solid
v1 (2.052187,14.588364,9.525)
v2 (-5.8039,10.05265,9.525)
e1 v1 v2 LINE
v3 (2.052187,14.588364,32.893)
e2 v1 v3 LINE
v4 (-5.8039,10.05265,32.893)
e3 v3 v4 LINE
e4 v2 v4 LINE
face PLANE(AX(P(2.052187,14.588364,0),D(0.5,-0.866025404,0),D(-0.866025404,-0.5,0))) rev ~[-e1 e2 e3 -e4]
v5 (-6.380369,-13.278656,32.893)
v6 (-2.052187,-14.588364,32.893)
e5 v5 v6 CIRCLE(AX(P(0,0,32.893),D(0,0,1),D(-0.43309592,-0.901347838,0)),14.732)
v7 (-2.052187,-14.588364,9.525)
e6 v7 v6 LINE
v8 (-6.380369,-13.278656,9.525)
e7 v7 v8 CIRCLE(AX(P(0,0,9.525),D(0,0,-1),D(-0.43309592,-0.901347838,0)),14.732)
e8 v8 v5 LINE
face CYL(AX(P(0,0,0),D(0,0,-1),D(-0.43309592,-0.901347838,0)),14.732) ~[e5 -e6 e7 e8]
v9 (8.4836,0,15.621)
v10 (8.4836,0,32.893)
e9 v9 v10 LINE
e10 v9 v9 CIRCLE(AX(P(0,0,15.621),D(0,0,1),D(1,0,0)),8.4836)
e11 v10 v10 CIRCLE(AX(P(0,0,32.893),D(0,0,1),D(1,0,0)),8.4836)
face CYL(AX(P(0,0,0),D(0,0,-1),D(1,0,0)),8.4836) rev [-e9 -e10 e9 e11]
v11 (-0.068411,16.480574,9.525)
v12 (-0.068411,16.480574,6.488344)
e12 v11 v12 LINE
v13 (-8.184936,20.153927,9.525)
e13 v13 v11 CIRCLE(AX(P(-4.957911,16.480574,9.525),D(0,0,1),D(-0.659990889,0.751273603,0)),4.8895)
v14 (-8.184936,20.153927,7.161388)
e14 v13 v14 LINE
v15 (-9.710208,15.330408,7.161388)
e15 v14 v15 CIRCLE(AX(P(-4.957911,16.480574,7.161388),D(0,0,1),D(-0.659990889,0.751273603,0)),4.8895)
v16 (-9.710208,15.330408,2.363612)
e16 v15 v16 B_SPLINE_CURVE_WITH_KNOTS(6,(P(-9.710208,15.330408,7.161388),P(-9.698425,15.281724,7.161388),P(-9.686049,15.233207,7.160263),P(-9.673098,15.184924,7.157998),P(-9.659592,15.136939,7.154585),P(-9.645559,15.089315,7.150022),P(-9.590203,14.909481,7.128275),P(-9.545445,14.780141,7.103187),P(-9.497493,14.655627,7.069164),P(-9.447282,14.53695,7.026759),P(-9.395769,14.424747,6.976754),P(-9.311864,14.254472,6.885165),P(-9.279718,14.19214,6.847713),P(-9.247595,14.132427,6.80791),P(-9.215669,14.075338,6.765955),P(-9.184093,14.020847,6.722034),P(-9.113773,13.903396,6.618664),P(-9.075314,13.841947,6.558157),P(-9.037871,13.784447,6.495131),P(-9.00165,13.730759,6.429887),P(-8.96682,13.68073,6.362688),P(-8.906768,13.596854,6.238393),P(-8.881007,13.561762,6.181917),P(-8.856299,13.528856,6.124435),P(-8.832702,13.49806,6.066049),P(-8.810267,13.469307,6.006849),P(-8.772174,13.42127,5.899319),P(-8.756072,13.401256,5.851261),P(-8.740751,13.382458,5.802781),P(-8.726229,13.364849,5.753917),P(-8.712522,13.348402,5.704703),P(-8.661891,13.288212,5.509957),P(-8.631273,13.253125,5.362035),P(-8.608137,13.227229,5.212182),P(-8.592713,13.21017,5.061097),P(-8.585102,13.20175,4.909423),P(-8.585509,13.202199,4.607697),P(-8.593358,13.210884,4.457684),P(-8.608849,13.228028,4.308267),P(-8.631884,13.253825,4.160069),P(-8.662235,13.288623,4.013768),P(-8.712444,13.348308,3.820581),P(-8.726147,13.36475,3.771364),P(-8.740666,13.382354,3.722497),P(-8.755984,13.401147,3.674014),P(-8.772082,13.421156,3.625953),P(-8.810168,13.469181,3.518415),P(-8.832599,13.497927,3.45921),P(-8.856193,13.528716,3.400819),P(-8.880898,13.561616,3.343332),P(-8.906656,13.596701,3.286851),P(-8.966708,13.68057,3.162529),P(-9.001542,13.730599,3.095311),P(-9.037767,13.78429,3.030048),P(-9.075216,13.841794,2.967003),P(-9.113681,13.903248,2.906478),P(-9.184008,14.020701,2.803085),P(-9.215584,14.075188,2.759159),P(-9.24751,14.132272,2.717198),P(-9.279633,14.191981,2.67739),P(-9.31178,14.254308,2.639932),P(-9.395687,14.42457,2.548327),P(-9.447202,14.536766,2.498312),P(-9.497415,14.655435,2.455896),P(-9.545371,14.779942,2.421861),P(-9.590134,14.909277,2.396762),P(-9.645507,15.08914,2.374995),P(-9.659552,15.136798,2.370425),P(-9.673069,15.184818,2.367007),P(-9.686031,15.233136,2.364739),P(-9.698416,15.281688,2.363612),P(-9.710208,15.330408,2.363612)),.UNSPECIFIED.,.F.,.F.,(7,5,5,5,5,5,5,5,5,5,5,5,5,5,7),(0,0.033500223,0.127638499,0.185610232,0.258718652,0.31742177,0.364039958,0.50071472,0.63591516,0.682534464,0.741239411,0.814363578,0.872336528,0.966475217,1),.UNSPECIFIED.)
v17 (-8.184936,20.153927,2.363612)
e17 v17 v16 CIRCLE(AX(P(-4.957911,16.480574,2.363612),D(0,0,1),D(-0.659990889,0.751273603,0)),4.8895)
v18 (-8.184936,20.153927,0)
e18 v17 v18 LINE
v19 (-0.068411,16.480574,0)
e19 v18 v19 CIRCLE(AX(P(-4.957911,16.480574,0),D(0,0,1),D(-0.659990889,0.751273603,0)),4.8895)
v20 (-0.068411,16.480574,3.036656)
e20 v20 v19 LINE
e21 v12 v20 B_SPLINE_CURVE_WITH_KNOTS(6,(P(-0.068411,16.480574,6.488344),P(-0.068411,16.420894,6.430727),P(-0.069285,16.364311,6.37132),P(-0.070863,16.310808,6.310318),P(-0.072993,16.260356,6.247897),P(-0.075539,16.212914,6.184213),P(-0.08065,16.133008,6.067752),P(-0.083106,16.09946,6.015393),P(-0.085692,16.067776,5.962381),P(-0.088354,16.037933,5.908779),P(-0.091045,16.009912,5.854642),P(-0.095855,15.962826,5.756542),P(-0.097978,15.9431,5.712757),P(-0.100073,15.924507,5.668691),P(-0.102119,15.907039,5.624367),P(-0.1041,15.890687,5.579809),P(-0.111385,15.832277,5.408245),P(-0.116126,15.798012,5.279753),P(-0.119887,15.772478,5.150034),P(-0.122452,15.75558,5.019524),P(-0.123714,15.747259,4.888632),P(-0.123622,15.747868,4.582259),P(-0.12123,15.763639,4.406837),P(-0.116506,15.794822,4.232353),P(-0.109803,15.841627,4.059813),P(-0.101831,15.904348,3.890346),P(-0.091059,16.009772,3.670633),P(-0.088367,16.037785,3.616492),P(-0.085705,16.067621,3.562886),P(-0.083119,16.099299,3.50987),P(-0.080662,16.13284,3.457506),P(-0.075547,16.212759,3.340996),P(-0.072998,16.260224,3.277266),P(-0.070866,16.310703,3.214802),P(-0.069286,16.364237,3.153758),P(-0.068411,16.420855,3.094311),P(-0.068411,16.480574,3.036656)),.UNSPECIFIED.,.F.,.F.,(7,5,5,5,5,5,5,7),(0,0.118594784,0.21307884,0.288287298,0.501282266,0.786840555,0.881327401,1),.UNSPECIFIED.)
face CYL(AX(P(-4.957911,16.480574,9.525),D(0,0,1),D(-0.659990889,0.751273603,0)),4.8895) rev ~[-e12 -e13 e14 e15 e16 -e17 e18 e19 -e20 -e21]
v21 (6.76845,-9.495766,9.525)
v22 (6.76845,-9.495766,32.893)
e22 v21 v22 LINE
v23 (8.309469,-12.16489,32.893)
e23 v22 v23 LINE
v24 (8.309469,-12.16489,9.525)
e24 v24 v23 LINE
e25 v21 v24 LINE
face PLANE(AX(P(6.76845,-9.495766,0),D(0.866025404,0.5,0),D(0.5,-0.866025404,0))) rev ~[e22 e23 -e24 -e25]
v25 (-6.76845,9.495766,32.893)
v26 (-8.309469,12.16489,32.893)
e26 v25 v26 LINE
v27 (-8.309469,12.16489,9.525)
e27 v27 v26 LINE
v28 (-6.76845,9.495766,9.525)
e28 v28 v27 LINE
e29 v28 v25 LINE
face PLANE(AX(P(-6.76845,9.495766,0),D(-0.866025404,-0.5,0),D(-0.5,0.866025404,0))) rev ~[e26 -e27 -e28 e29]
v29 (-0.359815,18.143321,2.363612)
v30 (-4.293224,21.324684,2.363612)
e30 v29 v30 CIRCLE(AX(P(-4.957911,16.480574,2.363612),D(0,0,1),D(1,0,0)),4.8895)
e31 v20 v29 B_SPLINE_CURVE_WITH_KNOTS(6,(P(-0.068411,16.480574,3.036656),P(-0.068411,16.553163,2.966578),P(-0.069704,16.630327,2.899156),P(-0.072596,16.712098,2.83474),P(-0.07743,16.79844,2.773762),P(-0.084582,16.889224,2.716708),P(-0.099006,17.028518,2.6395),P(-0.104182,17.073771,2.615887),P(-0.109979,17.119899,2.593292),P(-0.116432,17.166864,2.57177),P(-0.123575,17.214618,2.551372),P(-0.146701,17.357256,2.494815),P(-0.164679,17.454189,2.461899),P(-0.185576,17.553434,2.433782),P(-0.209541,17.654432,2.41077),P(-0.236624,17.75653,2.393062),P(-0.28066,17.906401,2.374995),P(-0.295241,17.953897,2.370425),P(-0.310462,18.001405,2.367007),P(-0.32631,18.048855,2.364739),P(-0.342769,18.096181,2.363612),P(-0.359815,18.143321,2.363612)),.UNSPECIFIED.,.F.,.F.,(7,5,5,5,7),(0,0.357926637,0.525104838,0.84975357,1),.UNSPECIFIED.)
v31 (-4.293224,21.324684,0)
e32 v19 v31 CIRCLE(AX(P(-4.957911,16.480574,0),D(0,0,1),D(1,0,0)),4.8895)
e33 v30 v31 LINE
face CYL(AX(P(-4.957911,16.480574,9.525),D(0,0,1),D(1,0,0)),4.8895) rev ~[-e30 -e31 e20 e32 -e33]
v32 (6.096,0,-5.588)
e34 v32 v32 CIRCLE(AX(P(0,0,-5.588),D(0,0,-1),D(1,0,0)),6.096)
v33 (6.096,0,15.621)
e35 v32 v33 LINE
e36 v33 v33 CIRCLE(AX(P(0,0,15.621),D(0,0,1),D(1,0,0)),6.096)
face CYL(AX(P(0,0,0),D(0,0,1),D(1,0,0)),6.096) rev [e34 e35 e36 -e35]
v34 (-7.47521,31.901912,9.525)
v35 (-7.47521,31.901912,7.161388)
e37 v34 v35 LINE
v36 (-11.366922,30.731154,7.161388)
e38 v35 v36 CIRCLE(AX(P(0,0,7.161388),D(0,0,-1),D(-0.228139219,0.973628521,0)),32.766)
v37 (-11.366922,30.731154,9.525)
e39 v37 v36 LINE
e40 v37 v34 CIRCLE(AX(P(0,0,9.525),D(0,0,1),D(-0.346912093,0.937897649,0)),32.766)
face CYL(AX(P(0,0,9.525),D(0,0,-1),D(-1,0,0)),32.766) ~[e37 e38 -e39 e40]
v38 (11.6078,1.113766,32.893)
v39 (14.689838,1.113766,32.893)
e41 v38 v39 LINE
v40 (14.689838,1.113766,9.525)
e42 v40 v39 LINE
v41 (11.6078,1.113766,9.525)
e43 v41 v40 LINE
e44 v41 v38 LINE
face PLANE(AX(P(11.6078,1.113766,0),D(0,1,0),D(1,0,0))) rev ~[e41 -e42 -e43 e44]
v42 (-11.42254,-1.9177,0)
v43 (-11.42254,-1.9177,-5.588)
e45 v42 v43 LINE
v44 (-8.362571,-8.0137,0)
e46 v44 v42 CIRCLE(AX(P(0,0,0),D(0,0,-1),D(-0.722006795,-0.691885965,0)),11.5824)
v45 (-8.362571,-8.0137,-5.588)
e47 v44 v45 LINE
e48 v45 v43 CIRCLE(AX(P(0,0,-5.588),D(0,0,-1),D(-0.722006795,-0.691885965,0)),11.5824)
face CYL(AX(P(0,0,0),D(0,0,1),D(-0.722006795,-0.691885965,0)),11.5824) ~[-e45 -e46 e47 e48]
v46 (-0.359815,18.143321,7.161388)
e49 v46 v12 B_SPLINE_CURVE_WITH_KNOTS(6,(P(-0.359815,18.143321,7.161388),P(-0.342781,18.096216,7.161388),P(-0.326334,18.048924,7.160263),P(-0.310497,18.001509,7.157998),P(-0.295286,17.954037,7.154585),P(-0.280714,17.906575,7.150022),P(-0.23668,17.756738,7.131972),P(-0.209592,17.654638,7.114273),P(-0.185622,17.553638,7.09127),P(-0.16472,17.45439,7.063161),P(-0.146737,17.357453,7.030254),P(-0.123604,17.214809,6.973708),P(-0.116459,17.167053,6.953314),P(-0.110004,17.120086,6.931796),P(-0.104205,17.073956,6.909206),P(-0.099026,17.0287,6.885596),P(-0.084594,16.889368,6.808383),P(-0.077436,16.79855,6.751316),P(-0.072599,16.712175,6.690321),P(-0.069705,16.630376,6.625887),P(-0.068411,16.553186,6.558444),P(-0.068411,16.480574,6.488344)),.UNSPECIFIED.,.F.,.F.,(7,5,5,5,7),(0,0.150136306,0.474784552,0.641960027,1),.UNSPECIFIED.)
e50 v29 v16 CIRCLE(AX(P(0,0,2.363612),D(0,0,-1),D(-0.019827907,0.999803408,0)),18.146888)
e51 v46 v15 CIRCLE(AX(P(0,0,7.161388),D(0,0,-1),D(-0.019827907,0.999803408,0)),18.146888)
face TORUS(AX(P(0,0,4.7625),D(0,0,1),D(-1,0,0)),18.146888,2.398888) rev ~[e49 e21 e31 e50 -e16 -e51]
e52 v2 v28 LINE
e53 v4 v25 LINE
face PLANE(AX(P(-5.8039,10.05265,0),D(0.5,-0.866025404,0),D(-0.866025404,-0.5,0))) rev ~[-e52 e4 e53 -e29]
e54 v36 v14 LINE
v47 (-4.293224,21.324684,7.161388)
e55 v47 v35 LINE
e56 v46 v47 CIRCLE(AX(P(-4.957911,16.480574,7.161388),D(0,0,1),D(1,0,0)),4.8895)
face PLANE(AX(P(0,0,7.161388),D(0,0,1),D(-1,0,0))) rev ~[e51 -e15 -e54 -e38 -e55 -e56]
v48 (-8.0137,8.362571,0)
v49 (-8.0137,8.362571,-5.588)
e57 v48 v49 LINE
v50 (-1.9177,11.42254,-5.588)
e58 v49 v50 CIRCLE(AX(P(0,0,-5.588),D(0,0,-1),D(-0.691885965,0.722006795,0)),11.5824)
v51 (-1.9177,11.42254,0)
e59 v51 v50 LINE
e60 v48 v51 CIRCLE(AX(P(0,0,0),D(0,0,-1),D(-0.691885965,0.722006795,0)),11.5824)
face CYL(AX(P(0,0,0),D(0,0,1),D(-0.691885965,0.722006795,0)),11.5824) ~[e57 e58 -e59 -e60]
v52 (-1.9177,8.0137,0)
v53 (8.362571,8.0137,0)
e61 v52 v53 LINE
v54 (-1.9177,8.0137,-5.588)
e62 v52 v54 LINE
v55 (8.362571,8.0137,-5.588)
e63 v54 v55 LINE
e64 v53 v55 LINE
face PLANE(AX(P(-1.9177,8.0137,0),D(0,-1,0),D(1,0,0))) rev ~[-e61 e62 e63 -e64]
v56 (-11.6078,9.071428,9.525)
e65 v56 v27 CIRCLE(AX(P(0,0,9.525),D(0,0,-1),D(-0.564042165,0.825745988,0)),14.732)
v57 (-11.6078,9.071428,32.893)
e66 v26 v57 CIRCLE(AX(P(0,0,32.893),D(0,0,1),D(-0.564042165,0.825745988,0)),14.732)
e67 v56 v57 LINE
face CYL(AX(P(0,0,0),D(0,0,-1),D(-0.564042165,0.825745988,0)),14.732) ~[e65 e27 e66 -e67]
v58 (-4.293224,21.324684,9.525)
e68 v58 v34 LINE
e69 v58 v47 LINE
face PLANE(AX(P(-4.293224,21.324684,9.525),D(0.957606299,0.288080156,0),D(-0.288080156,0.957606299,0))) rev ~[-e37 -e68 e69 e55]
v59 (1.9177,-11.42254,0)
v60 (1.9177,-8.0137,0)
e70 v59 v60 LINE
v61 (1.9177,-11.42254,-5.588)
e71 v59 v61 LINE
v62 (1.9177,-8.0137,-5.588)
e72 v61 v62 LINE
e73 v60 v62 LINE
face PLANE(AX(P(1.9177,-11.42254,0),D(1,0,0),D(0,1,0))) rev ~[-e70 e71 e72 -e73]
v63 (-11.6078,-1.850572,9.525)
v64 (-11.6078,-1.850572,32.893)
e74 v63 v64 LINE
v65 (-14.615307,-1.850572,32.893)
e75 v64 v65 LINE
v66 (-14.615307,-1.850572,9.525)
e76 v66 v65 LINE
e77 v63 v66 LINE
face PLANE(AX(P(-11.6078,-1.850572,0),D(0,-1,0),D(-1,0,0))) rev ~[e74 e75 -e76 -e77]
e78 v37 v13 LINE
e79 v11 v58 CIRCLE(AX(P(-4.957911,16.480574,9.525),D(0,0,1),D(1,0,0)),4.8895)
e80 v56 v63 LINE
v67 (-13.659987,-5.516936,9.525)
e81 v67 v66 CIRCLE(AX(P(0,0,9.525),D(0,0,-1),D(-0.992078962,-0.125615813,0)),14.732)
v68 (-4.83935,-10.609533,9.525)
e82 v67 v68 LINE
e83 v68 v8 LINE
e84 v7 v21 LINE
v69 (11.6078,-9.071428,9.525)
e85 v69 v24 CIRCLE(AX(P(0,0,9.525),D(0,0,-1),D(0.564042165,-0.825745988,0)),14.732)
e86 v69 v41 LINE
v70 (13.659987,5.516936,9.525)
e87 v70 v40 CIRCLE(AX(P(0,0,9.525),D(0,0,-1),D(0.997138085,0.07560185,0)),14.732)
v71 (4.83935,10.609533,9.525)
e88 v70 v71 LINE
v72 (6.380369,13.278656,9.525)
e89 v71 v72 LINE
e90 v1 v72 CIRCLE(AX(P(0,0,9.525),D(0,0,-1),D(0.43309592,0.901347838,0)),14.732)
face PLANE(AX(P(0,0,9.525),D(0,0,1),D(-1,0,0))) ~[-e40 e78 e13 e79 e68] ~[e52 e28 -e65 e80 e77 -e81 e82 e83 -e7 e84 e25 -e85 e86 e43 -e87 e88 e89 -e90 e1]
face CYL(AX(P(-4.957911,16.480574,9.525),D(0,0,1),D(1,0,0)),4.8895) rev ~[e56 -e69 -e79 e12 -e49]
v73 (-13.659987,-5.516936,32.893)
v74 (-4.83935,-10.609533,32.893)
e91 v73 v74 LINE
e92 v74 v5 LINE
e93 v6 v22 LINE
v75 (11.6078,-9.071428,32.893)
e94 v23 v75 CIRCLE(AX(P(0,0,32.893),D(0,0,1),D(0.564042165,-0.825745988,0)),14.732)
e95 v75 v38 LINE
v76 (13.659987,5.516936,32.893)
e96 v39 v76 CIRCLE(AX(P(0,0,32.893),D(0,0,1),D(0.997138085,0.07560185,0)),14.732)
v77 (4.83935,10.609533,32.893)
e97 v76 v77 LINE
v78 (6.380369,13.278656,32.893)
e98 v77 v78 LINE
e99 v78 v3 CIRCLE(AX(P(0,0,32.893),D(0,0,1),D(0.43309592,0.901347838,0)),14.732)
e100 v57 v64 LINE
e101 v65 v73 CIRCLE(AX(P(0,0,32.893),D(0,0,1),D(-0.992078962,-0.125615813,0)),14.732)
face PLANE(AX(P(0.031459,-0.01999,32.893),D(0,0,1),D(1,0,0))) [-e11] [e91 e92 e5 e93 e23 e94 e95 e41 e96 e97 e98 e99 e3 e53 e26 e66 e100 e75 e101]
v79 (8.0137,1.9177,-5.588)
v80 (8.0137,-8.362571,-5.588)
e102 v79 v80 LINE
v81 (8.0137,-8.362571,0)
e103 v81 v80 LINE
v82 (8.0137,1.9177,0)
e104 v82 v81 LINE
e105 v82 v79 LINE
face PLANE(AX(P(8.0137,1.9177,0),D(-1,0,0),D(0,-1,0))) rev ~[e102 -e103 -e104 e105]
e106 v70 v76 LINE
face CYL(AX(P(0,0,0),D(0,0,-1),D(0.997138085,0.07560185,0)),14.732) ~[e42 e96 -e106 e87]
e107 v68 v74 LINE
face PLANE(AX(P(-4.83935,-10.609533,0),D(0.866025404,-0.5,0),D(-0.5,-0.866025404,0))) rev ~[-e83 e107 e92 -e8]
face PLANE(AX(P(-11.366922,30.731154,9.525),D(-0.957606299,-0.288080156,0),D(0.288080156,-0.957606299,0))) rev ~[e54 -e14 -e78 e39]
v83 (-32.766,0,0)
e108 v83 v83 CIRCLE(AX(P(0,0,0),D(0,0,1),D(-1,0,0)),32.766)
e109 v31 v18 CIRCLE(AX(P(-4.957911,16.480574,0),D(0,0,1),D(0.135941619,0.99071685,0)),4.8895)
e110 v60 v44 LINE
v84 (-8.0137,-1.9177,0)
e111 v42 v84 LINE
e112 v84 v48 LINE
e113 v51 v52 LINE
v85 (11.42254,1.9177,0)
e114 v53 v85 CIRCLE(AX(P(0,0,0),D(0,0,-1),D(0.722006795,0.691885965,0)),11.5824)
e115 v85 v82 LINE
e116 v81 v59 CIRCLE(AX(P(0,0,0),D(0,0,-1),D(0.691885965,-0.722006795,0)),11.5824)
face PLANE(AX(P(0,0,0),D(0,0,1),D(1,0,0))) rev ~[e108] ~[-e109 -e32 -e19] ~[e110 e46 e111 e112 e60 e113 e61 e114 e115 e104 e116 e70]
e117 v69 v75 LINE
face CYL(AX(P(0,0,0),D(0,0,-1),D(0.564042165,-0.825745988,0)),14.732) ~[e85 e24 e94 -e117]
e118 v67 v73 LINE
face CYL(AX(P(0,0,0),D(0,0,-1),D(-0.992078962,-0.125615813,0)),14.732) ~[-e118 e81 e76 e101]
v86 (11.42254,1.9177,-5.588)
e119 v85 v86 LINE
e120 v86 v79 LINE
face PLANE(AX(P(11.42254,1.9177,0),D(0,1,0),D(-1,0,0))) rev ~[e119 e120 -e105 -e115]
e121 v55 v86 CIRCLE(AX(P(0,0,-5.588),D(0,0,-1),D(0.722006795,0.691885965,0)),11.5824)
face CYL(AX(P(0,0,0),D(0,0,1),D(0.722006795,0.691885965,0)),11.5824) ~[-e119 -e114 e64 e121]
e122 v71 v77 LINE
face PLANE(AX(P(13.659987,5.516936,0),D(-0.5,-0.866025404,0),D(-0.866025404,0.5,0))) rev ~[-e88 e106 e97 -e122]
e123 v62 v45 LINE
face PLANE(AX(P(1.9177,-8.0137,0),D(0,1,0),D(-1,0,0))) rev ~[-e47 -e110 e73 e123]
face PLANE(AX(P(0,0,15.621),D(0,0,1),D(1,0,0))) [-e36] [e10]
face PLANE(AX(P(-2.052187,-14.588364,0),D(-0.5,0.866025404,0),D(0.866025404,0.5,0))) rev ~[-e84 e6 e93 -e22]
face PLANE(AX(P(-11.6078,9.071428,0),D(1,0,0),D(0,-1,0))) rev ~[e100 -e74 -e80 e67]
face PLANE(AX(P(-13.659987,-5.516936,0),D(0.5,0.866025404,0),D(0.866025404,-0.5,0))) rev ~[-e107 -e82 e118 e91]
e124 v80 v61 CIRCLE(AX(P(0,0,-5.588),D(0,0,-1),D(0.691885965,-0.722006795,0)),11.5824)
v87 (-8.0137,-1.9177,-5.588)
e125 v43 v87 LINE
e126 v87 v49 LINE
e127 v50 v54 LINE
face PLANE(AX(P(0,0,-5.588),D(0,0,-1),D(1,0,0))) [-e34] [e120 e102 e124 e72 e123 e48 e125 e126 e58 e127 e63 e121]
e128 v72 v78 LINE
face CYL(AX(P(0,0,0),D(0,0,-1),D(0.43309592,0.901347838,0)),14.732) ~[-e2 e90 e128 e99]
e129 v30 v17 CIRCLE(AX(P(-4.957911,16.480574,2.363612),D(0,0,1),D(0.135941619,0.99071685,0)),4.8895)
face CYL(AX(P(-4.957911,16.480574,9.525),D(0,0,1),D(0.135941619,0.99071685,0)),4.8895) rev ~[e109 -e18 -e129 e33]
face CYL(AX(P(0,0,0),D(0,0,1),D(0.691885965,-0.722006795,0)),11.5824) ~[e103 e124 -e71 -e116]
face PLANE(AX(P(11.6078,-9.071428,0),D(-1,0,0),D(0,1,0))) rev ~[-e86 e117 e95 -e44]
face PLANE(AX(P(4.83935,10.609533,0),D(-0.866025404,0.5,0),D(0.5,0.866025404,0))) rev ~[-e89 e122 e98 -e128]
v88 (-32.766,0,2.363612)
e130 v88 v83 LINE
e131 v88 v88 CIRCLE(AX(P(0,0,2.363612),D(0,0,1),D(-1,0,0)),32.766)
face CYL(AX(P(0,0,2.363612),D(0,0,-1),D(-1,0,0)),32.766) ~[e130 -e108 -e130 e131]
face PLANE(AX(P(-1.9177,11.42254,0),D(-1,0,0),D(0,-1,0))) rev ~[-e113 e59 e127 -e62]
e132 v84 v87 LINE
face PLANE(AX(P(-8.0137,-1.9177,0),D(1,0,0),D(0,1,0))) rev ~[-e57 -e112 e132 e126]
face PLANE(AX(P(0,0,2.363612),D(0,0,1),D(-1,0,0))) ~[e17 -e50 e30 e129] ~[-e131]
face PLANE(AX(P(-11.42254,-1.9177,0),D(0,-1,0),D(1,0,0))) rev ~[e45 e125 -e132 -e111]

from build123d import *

# Parameters (mm, degrees)
F2_R      = 8.4836
F3_DEPTH  = 32.893
F2_R_2    = 6.096
F4_DEPTH  = 15.621
F5_DEPTH  = 25.4
F6_R      = 6.096
F7_DEPTH  = 5.588
F9_DEPTH  = 25.4
F10_DEPTH = 4.064


with BuildPart() as f1:
    # F0 (on Front) → F1 (revolve)
    with BuildSketch(Plane.XZ):
        with BuildLine():
            Line((-32.766, 0), (0, 0))
            Line((0, 0), (0, 9.525))
            Line((0, 9.525), (-32.766, 9.525))
            Line((-32.766, 9.525), (-32.766, 7.1613881737))
            Line((-32.766, 7.1613881737), (-18.1468881737, 7.1613881737))
            ThreePointArc((-18.1468881737, 7.1613881737), (-15.748, 4.7625), (-18.1468881737, 2.3636118263))
            Line((-18.1468881737, 2.3636118263), (-32.766, 2.3636118263))
            Line((-32.766, 2.3636118263), (-32.766, 0))
        make_face()
    revolve(axis=Axis((0, 0, 13.9041366056), (0, 0, 1)))

    # F2 (on Top) → F3 (join)
    with BuildSketch(Plane.XY):
        with BuildLine():
            Line((-11.6078, -1.8505721543), (-14.6153072736, -1.8505721543))
            ThreePointArc((-14.6153072736, -1.8505721543), (-14.2560030009, -3.7145931726), (-13.659986963, -5.5169357592))
            Line((-13.659986963, -5.5169357592), (-4.8393499563, -10.6095329094))
            Line((-4.8393499563, -10.6095329094), (-6.3803690894, -13.2786563433))
            ThreePointArc((-6.3803690894, -13.2786563433), (-4.2668294637, -14.1005670215), (-2.052186963, -14.5883636049))
            Line((-2.052186963, -14.5883636049), (6.7684500437, -9.4957664547))
            Line((6.7684500437, -9.4957664547), (8.3094691767, -12.1648898886))
            ThreePointArc((8.3094691767, -12.1648898886), (10.0780345166, -10.7454662199), (11.6078, -9.0714278457))
            Line((11.6078, -9.0714278457), (11.6078, 1.1137664547))
            Line((11.6078, 1.1137664547), (14.6898382661, 1.1137664547))
            ThreePointArc((14.6898382661, 1.1137664547), (14.3448639802, 3.3551008016), (13.659986963, 5.5169357592))
            Line((13.659986963, 5.5169357592), (4.8393499563, 10.6095329094))
            Line((4.8393499563, 10.6095329094), (6.3803690894, 13.2786563433))
            ThreePointArc((6.3803690894, 13.2786563433), (4.2668294637, 14.1005670215), (2.052186963, 14.5883636049))
            Line((2.052186963, 14.5883636049), (-5.8039, 10.052649682))
            Line((-5.8039, 10.052649682), (-6.7684500437, 9.4957664547))
            Line((-6.7684500437, 9.4957664547), (-8.3094691767, 12.1648898886))
            ThreePointArc((-8.3094691767, 12.1648898886), (-10.0780345166, 10.7454662199), (-11.6078, 9.0714278457))
            Line((-11.6078, 9.0714278457), (-11.6078, 0))
            Line((-11.6078, 0), (-11.6078, -1.8505721543))
        make_face()
        Circle(F2_R, mode=Mode.SUBTRACT)
    extrude(amount=F3_DEPTH)

    # F2 (on Top) → F4 (join)
    with BuildSketch(Plane.XY):
        Circle(F2_R)
        Circle(F2_R_2, mode=Mode.SUBTRACT)
    extrude(amount=F4_DEPTH)

    # F2 (on Top) → F5 (cut)
    with BuildSketch(Plane.XY):
        Circle(F2_R_2)
    extrude(amount=F5_DEPTH, mode=Mode.SUBTRACT)

    # F6 (on face) → F7 (join)
    with BuildSketch(Plane(origin=(0, 0, 0), x_dir=(1, 0, 0), z_dir=(0, 0, -1))):
        with BuildLine():
            Line((-8.0137, 1.9177), (-8.0137, -8.3625714986))
            ThreePointArc((-8.0137, -8.3625714986), (-5.1960588966, -10.3514714752), (-1.9177, -11.4225398432))
            Line((-1.9177, -11.4225398432), (-1.9177, -8.0137))
            Line((-1.9177, -8.0137), (8.3625714986, -8.0137))
            ThreePointArc((8.3625714986, -8.0137), (10.3514714752, -5.1960588966), (11.4225398432, -1.9177))
            Line((11.4225398432, -1.9177), (8.0137, -1.9177))
            Line((8.0137, -1.9177), (8.0137, 8.3625714986))
            ThreePointArc((8.0137, 8.3625714986), (5.1960588966, 10.3514714752), (1.9177, 11.4225398432))
            Line((1.9177, 11.4225398432), (1.9177, 8.0137))
            Line((1.9177, 8.0137), (-8.3625714986, 8.0137))
            ThreePointArc((-8.3625714986, 8.0137), (-10.3514714752, 5.1960588966), (-11.4225398432, 1.9177))
            Line((-11.4225398432, 1.9177), (-8.0137, 1.9177))
        make_face()
        Circle(F6_R, mode=Mode.SUBTRACT)
    extrude(amount=F7_DEPTH)

    # F8 (on face) → F9 (cut)
    with BuildSketch(Plane.XY.offset(9.525)):
        with BuildLine():
            ThreePointArc((-8.1849360794, 20.1539266654), (-6.9739301336, 12.0260401102), (-0.0684106271, 16.4805743843))
            ThreePointArc((-0.0684106271, 16.4805743843), (-1.2729957626, 19.6943902925), (-4.293224081, 21.3246844208))
            ThreePointArc((-4.293224081, 21.3246844208), (-6.3664785516, 21.1627903823), (-8.1849360794, 20.1539266654))
        make_face()
    extrude(amount=-F9_DEPTH, mode=Mode.SUBTRACT)

    # F8 (on face) → F10 (cut)
    with BuildSketch(Plane.XY.offset(9.525)):
        with BuildLine():
            ThreePointArc((-8.1849360794, 20.1539266654), (-6.3664785516, 21.1627903823), (-4.293224081, 21.3246844208))
            Line((-4.293224081, 21.3246844208), (-7.4752096352, 31.90191212))
            ThreePointArc((-7.4752096352, 31.90191212), (-9.4392344031, 31.3769279867), (-11.3669216335, 30.7311543645))
            Line((-11.3669216335, 30.7311543645), (-8.1849360794, 20.1539266654))
        make_face()
    extrude(amount=-F10_DEPTH, mode=Mode.SUBTRACT)


solid = f1.part
